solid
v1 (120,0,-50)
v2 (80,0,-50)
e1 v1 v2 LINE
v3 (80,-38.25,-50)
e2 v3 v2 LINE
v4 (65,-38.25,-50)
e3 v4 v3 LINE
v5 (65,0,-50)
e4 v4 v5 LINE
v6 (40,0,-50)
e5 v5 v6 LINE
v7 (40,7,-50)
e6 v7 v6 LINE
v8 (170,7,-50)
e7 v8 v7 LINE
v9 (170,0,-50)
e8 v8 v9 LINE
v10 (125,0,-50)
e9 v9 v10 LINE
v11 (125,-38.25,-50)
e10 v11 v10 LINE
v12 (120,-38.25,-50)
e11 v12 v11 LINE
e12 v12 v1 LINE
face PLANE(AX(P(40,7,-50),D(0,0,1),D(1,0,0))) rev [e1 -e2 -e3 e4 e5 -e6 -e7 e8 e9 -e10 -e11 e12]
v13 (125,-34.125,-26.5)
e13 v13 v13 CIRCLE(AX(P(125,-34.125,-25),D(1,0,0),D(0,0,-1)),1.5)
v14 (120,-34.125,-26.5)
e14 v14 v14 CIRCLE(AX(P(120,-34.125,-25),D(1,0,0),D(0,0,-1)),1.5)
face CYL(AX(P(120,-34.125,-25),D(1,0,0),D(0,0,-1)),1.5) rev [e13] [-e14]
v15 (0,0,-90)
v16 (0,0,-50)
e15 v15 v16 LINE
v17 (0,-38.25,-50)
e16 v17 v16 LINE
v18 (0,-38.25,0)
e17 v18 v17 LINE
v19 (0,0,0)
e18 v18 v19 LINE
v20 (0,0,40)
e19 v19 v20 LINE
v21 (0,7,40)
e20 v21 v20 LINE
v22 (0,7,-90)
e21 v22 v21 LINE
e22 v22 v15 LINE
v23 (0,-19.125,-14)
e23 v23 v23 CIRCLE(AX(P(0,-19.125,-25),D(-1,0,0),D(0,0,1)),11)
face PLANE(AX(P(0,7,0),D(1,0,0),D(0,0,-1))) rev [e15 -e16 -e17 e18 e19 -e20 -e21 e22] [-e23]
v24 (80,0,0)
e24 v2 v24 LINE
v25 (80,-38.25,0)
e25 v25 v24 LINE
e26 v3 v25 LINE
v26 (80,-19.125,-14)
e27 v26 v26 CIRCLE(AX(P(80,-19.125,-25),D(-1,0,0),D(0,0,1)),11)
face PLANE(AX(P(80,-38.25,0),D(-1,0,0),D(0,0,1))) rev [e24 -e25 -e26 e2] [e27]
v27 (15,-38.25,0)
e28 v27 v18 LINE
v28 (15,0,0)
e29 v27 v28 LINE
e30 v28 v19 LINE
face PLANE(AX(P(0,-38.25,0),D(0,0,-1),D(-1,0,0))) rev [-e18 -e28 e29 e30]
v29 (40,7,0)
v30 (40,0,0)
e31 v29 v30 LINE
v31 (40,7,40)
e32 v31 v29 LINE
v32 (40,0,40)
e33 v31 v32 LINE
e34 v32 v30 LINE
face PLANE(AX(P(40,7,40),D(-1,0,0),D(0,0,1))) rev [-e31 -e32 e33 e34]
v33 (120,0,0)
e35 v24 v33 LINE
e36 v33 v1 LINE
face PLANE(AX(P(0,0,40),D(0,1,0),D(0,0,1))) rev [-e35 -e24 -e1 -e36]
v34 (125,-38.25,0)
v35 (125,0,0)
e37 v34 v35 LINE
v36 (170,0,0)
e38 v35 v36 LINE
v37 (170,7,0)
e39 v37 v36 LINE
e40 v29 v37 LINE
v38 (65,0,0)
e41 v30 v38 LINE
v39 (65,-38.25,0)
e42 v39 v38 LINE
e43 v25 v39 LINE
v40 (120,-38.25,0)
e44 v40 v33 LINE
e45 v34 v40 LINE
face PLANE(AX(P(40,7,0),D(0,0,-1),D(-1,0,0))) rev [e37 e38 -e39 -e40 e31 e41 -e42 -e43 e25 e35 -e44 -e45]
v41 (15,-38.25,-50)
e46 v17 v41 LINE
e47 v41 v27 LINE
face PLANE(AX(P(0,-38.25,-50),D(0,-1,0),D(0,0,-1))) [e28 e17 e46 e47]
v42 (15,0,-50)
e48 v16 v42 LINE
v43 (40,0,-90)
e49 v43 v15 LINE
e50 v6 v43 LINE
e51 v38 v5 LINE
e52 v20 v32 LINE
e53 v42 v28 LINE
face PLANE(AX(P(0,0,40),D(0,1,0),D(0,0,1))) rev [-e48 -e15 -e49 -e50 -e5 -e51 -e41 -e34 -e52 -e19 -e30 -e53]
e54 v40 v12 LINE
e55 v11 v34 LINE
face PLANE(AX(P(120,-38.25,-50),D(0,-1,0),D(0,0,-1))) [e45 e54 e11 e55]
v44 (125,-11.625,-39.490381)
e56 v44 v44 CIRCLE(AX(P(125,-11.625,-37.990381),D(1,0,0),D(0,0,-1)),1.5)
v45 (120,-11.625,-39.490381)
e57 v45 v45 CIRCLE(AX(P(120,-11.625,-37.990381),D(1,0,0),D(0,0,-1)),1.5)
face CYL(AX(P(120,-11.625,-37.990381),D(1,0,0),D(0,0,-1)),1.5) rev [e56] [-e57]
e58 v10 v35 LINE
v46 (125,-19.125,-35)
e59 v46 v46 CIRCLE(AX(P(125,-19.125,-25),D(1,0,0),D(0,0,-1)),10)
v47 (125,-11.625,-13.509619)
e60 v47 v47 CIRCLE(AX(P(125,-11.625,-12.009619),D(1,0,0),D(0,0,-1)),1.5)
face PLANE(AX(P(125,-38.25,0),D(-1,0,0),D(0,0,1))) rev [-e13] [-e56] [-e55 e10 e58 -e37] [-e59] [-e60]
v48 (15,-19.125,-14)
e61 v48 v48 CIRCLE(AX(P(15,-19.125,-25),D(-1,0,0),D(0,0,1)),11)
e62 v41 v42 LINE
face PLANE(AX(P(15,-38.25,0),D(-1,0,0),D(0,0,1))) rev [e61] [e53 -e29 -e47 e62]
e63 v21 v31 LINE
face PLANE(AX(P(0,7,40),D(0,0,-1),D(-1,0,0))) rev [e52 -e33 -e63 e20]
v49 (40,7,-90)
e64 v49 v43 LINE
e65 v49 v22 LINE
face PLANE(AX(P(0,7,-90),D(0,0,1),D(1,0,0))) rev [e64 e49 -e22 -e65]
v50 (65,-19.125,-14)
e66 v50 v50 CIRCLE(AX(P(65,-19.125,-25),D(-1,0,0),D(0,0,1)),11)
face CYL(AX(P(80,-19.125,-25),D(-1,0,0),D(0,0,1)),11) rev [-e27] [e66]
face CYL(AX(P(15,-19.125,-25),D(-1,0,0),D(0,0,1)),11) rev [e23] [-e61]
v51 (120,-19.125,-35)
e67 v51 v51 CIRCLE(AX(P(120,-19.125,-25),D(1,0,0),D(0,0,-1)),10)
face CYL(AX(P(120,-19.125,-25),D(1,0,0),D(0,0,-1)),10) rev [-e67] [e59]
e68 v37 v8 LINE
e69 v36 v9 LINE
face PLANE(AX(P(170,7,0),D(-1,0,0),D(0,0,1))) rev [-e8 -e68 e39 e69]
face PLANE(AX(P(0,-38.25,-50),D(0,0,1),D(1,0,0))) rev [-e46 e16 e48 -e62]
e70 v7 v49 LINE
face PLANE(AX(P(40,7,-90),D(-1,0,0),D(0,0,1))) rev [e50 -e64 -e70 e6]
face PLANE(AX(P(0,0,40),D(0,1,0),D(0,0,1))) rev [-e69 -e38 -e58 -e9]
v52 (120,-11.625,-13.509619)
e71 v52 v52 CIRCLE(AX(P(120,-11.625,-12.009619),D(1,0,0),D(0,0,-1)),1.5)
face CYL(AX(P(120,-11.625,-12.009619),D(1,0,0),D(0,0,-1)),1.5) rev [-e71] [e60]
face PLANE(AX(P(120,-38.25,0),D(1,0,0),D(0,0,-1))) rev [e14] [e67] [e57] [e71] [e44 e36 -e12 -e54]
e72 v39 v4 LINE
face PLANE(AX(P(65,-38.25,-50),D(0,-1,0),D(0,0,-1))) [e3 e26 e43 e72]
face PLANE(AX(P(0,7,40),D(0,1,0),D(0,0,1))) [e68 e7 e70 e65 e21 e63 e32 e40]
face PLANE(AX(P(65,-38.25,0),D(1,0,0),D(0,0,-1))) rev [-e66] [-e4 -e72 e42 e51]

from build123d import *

# Parameters (mm, degrees)
BOSS_EXTRUDE2_DEPTH = 7
SKETCH2_W           = 15
SKETCH2_H           = 50
SKETCH2_W_2         = 5
BOSS_EXTRUDE4_DEPTH = 38.25
SKETCH10_R          = 11
CUT_EXTRUDE5_DEPTH  = 15
SKETCH11_R          = 11
CUT_EXTRUDE7_DEPTH  = 15
SKETCH23_R          = 10
SKETCH23_R_2        = 1.5
CUT_EXTRUDE10_DEPTH = 5
SKETCH12_R          = 10
SKETCH12_R_2        = 1.5
CUT_EXTRUDE9_DEPTH  = 5


with BuildPart() as part:
    # Sketch1 → Boss-Extrude2 (new body)
    with BuildSketch(Plane(origin=(0, 0, 0), x_dir=(1, 0, 0), z_dir=(0, 1, 0))):
        Polygon((40, 0), (170, 0), (170, 50), (40, 50), (40, 90), (0, 90), (0, 50), (0, 0), (0, -40), (40, -40), align=None)
    extrude(amount=BOSS_EXTRUDE2_DEPTH)

    # Sketch2 → Boss-Extrude4 (add)
    with BuildSketch(Plane.XZ):
        with Locations((7.5, -25)):
            Rectangle(SKETCH2_W, SKETCH2_H)
        with Locations((72.5, -25)):
            Rectangle(SKETCH2_W, SKETCH2_H)
        with Locations((122.5, -25)):
            Rectangle(SKETCH2_W_2, SKETCH2_H)
    extrude(amount=BOSS_EXTRUDE4_DEPTH)

    # Sketch10 → Cut-Extrude5 (cut)
    with BuildSketch(Plane.ZY):
        with Locations((-25, -19.125)):
            Circle(SKETCH10_R)
    extrude(amount=-CUT_EXTRUDE5_DEPTH, mode=Mode.SUBTRACT)

    # Sketch11 → Cut-Extrude7 (cut)
    with BuildSketch(Plane.ZY.offset(-65)):
        with Locations((-25, -19.125)):
            Circle(SKETCH11_R)
    extrude(amount=-CUT_EXTRUDE7_DEPTH, mode=Mode.SUBTRACT)

    # Sketch23 → Cut-Extrude10 (cut)
    with BuildSketch(Plane(origin=(125, 0, 0), x_dir=(0, 0, -1), z_dir=(1, 0, 0))):
        with Locations((25, -19.125)):
            Circle(SKETCH23_R)
        with Locations((12.009618943, -11.625)):
            Circle(SKETCH23_R_2)
        with Locations((37.990381057, -11.625)):
            Circle(SKETCH23_R_2)
        with Locations((25, -34.125)):
            Circle(SKETCH23_R_2)
    extrude(amount=-CUT_EXTRUDE10_DEPTH, mode=Mode.SUBTRACT)

    # Sketch12 → Cut-Extrude9 (cut)
    with BuildSketch(Plane(origin=(125, 0, 0), x_dir=(0, 0, -1), z_dir=(1, 0, 0))):
        with Locations((25, -19.125)):
            Circle(SKETCH12_R)
        with Locations((12.009618943, -11.625)):
            Circle(SKETCH12_R_2)
        with Locations((37.990381057, -11.625)):
            Circle(SKETCH12_R_2)
        with Locations((25, -34.125)):
            Circle(SKETCH12_R_2)
    extrude(amount=-CUT_EXTRUDE9_DEPTH, mode=Mode.SUBTRACT)


solid = part.part
